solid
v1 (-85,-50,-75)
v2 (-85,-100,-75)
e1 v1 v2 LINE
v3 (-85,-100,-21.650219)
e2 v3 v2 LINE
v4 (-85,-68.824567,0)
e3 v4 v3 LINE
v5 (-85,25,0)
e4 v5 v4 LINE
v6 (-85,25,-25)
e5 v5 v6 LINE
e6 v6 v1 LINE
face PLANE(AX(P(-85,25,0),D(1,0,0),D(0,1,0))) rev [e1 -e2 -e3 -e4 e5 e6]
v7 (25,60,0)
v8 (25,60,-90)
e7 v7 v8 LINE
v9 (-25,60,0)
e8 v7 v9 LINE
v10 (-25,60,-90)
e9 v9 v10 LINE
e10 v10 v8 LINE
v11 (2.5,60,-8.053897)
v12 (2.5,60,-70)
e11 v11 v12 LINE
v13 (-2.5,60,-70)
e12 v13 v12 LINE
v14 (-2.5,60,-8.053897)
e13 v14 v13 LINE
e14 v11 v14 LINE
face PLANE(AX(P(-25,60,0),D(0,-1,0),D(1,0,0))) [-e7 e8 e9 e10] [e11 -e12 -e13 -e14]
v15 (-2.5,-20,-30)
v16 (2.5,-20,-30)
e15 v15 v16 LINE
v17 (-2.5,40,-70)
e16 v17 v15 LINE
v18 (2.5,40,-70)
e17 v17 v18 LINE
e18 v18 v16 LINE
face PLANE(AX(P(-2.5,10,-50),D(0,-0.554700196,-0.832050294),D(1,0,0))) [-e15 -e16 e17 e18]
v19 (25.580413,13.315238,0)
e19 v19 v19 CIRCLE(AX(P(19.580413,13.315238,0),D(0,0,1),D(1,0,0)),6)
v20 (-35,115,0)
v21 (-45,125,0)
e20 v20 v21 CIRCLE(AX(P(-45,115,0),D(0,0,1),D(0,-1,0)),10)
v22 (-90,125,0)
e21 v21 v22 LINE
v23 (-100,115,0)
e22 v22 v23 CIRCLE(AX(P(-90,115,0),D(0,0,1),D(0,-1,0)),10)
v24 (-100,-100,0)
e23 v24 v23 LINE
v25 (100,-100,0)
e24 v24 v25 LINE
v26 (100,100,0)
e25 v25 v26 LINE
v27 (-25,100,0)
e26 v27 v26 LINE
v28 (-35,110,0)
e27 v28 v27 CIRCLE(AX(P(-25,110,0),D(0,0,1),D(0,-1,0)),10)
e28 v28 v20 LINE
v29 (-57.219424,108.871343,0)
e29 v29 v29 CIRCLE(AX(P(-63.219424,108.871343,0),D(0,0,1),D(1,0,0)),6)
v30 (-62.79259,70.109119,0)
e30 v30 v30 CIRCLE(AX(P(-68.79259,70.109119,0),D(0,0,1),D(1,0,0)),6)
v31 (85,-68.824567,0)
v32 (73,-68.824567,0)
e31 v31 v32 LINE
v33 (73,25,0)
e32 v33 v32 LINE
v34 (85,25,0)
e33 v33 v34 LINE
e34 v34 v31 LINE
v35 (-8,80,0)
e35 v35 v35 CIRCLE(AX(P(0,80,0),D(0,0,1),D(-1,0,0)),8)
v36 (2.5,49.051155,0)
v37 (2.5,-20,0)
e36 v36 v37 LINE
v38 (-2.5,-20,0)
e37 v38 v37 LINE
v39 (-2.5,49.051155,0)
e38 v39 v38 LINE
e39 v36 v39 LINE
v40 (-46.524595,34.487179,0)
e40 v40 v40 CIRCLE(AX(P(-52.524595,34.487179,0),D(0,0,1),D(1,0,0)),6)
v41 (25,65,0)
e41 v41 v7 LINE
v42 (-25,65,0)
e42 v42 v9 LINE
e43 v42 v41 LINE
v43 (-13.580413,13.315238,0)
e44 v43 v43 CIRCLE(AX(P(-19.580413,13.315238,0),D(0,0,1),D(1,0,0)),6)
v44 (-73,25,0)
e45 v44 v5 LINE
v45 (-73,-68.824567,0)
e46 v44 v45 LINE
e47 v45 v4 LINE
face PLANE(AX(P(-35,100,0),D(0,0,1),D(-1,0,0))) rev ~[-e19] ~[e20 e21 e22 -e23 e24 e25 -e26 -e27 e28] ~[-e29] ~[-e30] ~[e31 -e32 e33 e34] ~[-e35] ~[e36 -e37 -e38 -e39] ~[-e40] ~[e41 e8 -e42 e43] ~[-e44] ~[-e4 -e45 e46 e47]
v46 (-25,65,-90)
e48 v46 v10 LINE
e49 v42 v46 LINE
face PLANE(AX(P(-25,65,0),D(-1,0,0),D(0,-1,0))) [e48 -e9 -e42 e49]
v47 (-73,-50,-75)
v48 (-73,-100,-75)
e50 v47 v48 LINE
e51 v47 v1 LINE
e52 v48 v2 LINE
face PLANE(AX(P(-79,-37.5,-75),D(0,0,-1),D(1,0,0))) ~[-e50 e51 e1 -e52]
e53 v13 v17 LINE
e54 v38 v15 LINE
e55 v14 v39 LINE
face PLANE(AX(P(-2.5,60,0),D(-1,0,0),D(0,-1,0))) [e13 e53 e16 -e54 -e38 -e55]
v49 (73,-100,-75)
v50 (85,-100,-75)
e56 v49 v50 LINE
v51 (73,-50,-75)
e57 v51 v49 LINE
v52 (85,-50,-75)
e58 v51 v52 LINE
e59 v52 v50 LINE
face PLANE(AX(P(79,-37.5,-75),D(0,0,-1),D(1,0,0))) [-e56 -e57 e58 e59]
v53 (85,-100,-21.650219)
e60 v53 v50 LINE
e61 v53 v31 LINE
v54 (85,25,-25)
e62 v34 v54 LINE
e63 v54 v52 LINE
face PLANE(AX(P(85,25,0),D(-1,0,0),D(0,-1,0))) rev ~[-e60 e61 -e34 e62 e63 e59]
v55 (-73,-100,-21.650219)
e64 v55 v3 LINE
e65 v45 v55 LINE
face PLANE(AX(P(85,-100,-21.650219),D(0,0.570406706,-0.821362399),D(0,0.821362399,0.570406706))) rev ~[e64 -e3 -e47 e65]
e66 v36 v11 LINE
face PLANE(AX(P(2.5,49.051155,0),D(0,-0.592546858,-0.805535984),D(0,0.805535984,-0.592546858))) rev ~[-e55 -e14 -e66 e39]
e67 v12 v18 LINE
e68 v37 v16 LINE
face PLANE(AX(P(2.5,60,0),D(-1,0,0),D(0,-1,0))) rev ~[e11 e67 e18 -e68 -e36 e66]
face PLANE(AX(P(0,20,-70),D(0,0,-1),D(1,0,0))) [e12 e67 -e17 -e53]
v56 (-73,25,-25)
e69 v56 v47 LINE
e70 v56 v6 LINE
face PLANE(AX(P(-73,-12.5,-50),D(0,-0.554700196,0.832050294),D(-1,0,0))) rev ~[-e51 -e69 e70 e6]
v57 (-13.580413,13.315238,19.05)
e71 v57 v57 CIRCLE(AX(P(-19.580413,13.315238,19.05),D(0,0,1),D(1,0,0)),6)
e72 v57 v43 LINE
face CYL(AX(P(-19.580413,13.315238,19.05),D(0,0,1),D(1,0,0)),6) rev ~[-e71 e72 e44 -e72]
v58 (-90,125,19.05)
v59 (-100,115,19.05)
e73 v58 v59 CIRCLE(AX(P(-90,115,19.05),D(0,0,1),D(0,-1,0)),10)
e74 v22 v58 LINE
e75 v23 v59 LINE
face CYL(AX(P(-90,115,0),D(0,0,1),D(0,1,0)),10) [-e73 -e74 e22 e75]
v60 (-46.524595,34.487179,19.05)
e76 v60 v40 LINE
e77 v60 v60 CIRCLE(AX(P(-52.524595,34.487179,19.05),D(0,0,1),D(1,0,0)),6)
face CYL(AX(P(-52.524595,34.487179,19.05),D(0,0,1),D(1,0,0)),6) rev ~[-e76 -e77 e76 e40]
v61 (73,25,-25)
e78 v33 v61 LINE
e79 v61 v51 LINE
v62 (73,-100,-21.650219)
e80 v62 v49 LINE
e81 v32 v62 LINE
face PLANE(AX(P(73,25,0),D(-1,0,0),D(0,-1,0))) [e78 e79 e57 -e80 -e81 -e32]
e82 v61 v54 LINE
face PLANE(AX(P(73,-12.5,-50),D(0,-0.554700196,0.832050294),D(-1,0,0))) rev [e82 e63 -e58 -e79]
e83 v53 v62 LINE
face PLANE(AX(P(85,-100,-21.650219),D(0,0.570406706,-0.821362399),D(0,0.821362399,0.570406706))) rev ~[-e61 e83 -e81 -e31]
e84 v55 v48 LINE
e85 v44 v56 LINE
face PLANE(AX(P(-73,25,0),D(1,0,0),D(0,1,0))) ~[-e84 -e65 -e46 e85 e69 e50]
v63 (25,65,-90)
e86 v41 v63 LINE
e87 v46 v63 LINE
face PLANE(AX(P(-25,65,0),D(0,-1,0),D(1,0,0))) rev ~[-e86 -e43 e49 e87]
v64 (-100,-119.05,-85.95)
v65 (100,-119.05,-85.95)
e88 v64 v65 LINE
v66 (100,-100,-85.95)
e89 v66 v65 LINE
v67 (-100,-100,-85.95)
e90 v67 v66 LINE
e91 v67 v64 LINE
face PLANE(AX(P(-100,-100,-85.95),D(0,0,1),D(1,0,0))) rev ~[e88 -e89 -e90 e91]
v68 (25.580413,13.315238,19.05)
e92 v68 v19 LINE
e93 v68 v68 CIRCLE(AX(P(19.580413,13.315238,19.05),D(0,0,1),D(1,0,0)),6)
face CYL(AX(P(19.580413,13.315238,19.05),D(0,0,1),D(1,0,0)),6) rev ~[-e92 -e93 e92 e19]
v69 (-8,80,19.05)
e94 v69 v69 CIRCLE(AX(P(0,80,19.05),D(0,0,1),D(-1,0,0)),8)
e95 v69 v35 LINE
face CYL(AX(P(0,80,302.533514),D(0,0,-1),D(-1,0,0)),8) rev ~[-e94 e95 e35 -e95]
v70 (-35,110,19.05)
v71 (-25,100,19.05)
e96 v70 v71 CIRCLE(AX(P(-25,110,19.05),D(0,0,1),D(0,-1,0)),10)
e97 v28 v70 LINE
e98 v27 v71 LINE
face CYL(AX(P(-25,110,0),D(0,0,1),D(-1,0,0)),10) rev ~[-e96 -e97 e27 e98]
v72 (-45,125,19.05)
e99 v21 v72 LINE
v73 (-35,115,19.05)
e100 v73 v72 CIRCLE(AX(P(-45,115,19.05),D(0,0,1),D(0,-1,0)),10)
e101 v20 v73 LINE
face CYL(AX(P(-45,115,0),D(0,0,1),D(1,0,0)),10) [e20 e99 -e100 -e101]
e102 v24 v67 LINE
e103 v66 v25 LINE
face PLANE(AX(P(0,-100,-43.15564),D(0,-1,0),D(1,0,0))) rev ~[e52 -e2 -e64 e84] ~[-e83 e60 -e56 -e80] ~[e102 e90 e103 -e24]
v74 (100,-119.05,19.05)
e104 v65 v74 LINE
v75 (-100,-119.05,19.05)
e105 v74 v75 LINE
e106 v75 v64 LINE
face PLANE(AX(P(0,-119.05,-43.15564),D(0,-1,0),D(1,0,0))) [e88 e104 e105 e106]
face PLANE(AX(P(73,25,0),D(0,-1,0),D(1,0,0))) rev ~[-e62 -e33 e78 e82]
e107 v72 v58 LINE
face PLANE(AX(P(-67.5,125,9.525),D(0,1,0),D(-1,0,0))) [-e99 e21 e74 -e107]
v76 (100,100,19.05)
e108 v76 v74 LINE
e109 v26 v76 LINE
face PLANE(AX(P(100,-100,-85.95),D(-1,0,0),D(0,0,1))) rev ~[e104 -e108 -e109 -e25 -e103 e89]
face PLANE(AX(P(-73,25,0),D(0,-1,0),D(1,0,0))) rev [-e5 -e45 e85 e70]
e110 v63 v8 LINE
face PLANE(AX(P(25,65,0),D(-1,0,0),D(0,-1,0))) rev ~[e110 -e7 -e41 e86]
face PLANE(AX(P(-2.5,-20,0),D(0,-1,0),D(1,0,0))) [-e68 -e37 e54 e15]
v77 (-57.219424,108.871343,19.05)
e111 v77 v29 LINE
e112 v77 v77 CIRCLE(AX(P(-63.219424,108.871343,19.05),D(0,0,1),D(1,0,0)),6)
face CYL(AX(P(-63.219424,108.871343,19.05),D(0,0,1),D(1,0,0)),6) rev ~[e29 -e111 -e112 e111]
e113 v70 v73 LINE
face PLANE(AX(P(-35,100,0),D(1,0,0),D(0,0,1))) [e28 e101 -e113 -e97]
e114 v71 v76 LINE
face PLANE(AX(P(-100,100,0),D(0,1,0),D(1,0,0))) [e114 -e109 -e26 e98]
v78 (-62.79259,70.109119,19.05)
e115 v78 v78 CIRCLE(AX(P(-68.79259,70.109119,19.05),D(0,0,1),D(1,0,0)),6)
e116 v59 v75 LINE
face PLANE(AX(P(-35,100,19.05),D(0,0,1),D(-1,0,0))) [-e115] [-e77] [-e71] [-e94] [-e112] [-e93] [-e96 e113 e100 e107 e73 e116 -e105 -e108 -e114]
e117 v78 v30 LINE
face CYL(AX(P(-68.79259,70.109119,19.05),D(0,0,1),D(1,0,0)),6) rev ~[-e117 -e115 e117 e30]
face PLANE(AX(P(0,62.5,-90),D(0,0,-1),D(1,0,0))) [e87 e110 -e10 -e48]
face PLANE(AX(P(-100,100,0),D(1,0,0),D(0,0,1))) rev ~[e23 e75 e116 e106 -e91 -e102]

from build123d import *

# Parameters (mm, degrees)
F0_W      = 200
F0_H      = 200
F1_DEPTH  = 19.05
F3_D      = 16
F4_W      = 12
F4_H      = 125
F5_DEPTH  = 75
F6_SIZE2  = 75
F6_SIZE   = 50
F9_DEPTH  = 19.05
F11_DEPTH = 500
F12_W     = 50
F12_H     = 5
F13_DEPTH = 90
F14_W     = 5
F14_H     = 80
F15_DEPTH = 70
F16_SIZE2 = 40
F16_SIZE  = 60
F18_DEPTH = 25
F19_W     = 65
F19_H     = 19.05
F20_DEPTH = 25
F21_R     = 10
F22_R     = 6
F23_DEPTH = 25


with BuildPart() as f1:
    # F0 (on Top) → F1 (new body)
    with BuildSketch(Plane.XY):
        Rectangle(F0_W, F0_H)
    extrude(amount=F1_DEPTH)

    # F3 (through all)
    with Locations(Plane.XY.offset(19.05)):
        with Locations((0, 80)):
            Hole(F3_D / 2)

    # F4 (on face) → F5 (join)
    with BuildSketch(Plane(origin=(0, 0, 0), x_dir=(1, 0, 0), z_dir=(0, 0, -1))):
        with Locations((79, 37.5)):
            Rectangle(F4_W, F4_H)
    extrude(amount=F5_DEPTH)

    # F6
    f6_edges = [f1.edges().sort_by_distance(p)[0] for p in [
        (79, 25, -75),
    ]]
    f6_side = f1.faces().sort_by_distance((79, 25, -37.5))[0]
    chamfer(f6_edges, length=F6_SIZE, length2=F6_SIZE2, reference=f6_side)

    # F7: F1 across plane


with BuildPart() as f1_1:
    add(f1.part)
    add(f1.part.mirror(Plane.YZ))

    # F8 (on face) → F9 (join)
    with BuildSketch(Plane.XZ.offset(100)):
        Polygon((100, -85.95), (100, 0), (85, 0), (85, -75), (73, -75), (73, 0), (-73, 0), (-73, -75), (-85, -75), (-85, 0), (-100, 0), (-100, -85.95), align=None)
        Polygon((100, 0), (100, 19.05), (-100, 19.05), (-100, 0), (-85, 0), (-85, -75), (-73, -75), (-73, 0), (73, 0), (73, -75), (85, -75), (85, 0), align=None)
    extrude(amount=F9_DEPTH)

    # F10 (on face) → F11 (cut)
    with BuildSketch(Plane.YZ.offset(85)):
        Polygon((-100, 0), (-100, -21.6502193362), (-68.8245669007, 0), align=None)
    extrude(amount=-F11_DEPTH, mode=Mode.SUBTRACT)

    # F12 (on face) → F13 (join)
    with BuildSketch(Plane(origin=(0, 0, 0), x_dir=(1, 0, 0), z_dir=(0, 0, -1))):
        with Locations((0, -62.5)):
            Rectangle(F12_W, F12_H)
    extrude(amount=F13_DEPTH)

    # F14 (on face) → F15 (join)
    with BuildSketch(Plane(origin=(0, 0, 0), x_dir=(1, 0, 0), z_dir=(0, 0, -1))):
        with Locations((0, -20)):
            Rectangle(F14_W, F14_H)
    extrude(amount=F15_DEPTH)

    # F16
    f16_edges = [f1_1.edges().sort_by_distance(p)[0] for p in [
        (0, -20, -70),
    ]]
    f16_side = f1_1.faces().sort_by_distance((0, 20, -70))[0]
    chamfer(f16_edges, length=F16_SIZE, length2=F16_SIZE2, reference=f16_side)

    # F17 (on face) → F18 (cut)
    with BuildSketch(Plane.YZ.offset(2.5)):
        Polygon((60, 0), (49.0511549105, 0), (60, -8.0538968956), align=None)
    extrude(amount=-F18_DEPTH, mode=Mode.SUBTRACT)

    # F19 (on face) → F20 (join)
    with BuildSketch(Plane(origin=(0, 100, 0), x_dir=(-1, 0, 0), z_dir=(0, 1, 0))):
        with Locations((67.5, 9.525)):
            Rectangle(F19_W, F19_H)
    extrude(amount=F20_DEPTH)

    # F21
    f21_edges = [f1_1.edges().sort_by_distance(p)[0] for p in [
        (-100, 125, 9.525),
        (-35, 125, 9.525),
        (-35, 100, 9.525),
    ]]
    fillet(f21_edges, radius=F21_R)

    # F22 (on face) → F23 (cut)
    with BuildSketch(Plane.XY.offset(19.05)):
        with Locations((-63.2194236771, 108.8713434036)):
            Circle(F22_R)
        with Locations((-68.7925902107, 70.10911874)):
            Circle(F22_R)
        with Locations((-52.5245954176, 34.4871789908)):
            Circle(F22_R)
        with Locations((-19.5804127005, 13.3152383338)):
            Circle(F22_R)
        with Locations((19.5804127005, 13.3152383338)):
            Circle(F22_R)
    extrude(amount=-F23_DEPTH, mode=Mode.SUBTRACT)


solid = f1_1.part
